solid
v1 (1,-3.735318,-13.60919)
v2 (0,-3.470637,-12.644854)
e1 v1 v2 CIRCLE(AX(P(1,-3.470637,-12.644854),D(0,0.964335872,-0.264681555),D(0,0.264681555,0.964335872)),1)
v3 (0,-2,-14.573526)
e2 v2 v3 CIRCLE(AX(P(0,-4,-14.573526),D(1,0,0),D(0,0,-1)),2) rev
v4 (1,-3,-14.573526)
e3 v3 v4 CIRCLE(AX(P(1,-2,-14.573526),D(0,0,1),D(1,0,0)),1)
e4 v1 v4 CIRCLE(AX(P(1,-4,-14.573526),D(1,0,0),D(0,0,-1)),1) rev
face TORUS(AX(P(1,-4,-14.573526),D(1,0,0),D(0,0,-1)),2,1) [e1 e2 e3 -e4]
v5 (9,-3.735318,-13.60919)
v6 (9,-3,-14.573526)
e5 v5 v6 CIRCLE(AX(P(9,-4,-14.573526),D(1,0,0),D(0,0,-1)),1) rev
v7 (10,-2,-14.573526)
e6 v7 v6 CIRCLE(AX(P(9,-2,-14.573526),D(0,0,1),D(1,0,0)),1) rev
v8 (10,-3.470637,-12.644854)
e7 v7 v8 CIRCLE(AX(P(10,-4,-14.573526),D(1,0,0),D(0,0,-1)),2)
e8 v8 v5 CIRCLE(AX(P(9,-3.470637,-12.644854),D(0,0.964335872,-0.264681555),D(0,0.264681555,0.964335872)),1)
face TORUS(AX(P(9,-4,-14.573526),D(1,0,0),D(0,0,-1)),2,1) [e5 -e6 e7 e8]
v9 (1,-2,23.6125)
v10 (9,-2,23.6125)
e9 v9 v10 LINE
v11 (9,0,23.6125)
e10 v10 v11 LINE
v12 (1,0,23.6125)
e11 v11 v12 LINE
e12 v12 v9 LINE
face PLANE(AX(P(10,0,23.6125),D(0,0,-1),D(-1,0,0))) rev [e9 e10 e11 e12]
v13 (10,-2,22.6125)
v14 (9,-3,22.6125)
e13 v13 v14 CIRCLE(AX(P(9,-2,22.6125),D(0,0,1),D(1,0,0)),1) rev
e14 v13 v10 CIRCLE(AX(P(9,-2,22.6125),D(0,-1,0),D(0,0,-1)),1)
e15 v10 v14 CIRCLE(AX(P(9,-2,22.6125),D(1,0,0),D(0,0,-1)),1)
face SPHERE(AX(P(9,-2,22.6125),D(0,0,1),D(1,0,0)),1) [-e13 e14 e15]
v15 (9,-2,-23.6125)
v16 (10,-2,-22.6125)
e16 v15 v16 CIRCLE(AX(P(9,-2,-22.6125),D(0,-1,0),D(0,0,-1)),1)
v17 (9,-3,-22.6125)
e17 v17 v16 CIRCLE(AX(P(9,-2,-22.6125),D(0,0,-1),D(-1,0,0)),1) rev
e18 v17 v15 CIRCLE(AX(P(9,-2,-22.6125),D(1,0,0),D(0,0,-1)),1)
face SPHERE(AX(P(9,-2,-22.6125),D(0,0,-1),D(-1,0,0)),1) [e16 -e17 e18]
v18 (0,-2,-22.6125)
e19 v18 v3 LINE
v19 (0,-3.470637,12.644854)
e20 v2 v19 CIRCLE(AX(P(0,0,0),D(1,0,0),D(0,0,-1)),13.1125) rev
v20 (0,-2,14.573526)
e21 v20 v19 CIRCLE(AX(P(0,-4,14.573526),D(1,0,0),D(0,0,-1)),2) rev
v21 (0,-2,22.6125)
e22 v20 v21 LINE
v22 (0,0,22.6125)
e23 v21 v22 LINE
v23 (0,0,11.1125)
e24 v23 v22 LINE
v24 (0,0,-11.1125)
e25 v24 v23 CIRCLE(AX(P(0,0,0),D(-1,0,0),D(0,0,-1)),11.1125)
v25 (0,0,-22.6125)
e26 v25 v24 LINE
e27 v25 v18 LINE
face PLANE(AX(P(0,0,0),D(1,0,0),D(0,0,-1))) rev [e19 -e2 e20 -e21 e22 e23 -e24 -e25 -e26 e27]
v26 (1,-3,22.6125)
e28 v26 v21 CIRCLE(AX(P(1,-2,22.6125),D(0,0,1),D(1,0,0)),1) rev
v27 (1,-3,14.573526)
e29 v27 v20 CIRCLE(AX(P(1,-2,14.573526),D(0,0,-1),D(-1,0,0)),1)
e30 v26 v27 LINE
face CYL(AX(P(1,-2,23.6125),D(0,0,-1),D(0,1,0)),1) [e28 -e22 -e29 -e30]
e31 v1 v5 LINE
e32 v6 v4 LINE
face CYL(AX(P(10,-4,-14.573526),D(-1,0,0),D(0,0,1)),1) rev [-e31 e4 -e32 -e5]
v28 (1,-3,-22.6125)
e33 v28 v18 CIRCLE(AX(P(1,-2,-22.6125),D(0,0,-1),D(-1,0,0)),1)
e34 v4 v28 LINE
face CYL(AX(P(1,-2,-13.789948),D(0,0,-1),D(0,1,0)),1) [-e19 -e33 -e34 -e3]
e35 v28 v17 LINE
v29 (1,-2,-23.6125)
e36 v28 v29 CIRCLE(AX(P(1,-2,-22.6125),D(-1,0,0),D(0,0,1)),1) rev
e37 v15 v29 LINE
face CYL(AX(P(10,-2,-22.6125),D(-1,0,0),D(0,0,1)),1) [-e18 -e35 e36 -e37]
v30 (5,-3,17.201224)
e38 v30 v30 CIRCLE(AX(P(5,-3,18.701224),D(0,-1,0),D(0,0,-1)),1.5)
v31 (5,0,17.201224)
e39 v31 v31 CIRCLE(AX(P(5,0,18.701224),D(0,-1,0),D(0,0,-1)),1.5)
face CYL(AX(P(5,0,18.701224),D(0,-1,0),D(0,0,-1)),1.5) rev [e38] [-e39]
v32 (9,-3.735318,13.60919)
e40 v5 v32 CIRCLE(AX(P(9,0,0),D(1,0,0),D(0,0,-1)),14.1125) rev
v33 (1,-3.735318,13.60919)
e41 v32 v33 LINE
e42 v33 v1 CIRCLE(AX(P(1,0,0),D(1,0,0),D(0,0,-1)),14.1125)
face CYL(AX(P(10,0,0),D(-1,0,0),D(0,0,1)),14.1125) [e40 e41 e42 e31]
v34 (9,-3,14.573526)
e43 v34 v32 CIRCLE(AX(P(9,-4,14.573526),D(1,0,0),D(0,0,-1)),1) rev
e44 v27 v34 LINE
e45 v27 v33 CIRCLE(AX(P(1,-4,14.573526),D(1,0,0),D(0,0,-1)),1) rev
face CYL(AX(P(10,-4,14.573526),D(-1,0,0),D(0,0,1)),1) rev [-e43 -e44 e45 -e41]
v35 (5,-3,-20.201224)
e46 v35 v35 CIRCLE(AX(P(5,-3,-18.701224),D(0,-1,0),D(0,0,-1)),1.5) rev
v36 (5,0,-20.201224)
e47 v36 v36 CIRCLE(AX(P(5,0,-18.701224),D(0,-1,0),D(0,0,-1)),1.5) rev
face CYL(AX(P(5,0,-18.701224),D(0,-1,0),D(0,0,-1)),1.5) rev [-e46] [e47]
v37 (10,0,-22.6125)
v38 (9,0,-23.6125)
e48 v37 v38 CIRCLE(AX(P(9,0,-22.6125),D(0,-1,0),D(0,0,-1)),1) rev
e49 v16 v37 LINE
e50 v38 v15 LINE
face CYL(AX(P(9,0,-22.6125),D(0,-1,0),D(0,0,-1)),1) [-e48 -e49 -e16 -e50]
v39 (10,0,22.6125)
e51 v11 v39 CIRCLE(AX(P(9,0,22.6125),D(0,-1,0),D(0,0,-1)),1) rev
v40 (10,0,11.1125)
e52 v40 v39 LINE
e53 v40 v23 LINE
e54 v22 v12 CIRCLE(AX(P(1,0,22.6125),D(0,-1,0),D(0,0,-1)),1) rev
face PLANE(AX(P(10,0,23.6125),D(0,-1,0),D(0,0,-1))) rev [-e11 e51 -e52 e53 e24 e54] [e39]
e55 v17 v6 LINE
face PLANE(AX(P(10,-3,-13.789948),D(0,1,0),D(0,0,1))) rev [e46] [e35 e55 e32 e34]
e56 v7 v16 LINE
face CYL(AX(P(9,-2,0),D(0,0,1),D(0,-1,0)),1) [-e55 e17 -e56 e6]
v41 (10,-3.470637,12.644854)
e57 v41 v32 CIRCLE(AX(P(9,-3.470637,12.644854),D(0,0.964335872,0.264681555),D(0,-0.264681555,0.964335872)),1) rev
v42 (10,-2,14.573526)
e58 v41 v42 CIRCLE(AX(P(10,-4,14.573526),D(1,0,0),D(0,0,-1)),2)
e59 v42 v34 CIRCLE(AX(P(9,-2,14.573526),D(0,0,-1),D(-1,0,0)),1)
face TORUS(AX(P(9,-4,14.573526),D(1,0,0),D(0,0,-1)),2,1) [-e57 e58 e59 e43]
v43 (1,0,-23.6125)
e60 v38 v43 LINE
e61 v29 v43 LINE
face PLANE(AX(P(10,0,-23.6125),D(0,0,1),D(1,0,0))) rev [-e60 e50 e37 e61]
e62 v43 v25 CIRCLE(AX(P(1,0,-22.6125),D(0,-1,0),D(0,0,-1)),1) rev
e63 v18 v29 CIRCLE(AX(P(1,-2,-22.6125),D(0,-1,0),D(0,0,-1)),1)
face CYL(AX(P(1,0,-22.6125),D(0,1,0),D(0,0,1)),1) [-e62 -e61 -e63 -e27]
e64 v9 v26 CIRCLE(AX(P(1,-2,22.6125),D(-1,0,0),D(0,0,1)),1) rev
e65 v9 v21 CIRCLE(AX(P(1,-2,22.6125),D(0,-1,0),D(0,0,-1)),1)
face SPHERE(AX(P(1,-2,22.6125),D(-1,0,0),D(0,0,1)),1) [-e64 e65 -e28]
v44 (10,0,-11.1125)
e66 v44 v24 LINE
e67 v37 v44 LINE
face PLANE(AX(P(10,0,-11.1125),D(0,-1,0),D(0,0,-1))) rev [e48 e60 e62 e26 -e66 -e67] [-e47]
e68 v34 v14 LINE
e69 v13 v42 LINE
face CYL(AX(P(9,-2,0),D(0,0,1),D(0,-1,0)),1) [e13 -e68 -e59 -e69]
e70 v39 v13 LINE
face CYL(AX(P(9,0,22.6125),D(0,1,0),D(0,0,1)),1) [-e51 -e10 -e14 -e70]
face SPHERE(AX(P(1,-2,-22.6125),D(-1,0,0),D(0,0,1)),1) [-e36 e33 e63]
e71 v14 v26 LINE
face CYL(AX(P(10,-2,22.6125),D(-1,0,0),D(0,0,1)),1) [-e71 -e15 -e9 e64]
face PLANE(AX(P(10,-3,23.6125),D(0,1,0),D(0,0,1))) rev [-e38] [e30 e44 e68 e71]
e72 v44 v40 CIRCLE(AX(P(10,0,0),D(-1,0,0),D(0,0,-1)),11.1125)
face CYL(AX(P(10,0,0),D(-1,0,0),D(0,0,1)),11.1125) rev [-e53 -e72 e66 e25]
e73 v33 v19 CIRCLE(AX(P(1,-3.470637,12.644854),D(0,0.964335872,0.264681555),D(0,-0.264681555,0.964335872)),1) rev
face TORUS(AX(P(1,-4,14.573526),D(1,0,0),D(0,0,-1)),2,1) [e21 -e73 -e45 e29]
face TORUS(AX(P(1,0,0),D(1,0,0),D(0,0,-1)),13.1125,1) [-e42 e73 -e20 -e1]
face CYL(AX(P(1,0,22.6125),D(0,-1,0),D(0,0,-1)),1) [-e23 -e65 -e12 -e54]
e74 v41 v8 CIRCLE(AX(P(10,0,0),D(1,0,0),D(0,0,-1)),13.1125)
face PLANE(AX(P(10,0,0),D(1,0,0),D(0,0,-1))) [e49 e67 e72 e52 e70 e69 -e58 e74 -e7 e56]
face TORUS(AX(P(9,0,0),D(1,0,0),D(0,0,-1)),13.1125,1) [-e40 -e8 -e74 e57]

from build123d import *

# Parameters (mm, degrees)
CLAMP_EXTRUDE_DEPTH     = 10
HOLE_R                  = 1.5
HOLES_CUT_EXTRUDE_DEPTH = 4
FILLET1_R               = 1


with BuildPart() as part:
    # Sketch4 → Clamp Extrude (new body)
    with BuildSketch(Plane(origin=(0, 0, 0), x_dir=(0, 0, -1), z_dir=(1, 0, 0))):
        with BuildLine():
            Line((-23.6125, 0), (-11.1125, 0))
            ThreePointArc((-11.1125, 0), (0, -11.1125), (11.1125, 0))
            Line((11.1125, 0), (23.6125, 0))
            Line((23.6125, 0), (23.6125, -3))
            Line((23.6125, -3), (13.789947652, -3))
            ThreePointArc((13.789947652, -3), (0, -14.1125), (-13.789947652, -3))
            Line((-13.789947652, -3), (-23.6125, -3))
            Line((-23.6125, -3), (-23.6125, 0))
        make_face()
    extrude(amount=CLAMP_EXTRUDE_DEPTH)

    # Hole → Holes Cut-Extrude (cut, through all)
    with BuildSketch(Plane.XZ.offset(3)):
        with Locations((5, 18.701223826)):
            Circle(HOLE_R)
        with Locations((5, -18.701223826)):
            Circle(HOLE_R)
    extrude(amount=-HOLES_CUT_EXTRUDE_DEPTH, mode=Mode.SUBTRACT)

    # Fillet1
    fillet1_edges = [part.edges().sort_by_distance(p)[0] for p in [
        (0, -1.5, -23.6125),
        (0, -3, -18.701223826),
        (0, -14.1125, 0),
        (10, -1.5, -23.6125),
        (5, -3, 13.789947652),
        (5, -3, 23.6125),
        (5, -3, -23.6125),
        (5, -3, -13.789947652),
        (10, -1.5, 23.6125),
        (10, -3, 18.701223826),
        (10, -14.1125, 0),
        (0, -3, 18.701223826),
        (10, -3, -18.701223826),
        (0, -1.5, 23.6125),
    ]]
    fillet(fillet1_edges, radius=FILLET1_R)


solid = part.part
